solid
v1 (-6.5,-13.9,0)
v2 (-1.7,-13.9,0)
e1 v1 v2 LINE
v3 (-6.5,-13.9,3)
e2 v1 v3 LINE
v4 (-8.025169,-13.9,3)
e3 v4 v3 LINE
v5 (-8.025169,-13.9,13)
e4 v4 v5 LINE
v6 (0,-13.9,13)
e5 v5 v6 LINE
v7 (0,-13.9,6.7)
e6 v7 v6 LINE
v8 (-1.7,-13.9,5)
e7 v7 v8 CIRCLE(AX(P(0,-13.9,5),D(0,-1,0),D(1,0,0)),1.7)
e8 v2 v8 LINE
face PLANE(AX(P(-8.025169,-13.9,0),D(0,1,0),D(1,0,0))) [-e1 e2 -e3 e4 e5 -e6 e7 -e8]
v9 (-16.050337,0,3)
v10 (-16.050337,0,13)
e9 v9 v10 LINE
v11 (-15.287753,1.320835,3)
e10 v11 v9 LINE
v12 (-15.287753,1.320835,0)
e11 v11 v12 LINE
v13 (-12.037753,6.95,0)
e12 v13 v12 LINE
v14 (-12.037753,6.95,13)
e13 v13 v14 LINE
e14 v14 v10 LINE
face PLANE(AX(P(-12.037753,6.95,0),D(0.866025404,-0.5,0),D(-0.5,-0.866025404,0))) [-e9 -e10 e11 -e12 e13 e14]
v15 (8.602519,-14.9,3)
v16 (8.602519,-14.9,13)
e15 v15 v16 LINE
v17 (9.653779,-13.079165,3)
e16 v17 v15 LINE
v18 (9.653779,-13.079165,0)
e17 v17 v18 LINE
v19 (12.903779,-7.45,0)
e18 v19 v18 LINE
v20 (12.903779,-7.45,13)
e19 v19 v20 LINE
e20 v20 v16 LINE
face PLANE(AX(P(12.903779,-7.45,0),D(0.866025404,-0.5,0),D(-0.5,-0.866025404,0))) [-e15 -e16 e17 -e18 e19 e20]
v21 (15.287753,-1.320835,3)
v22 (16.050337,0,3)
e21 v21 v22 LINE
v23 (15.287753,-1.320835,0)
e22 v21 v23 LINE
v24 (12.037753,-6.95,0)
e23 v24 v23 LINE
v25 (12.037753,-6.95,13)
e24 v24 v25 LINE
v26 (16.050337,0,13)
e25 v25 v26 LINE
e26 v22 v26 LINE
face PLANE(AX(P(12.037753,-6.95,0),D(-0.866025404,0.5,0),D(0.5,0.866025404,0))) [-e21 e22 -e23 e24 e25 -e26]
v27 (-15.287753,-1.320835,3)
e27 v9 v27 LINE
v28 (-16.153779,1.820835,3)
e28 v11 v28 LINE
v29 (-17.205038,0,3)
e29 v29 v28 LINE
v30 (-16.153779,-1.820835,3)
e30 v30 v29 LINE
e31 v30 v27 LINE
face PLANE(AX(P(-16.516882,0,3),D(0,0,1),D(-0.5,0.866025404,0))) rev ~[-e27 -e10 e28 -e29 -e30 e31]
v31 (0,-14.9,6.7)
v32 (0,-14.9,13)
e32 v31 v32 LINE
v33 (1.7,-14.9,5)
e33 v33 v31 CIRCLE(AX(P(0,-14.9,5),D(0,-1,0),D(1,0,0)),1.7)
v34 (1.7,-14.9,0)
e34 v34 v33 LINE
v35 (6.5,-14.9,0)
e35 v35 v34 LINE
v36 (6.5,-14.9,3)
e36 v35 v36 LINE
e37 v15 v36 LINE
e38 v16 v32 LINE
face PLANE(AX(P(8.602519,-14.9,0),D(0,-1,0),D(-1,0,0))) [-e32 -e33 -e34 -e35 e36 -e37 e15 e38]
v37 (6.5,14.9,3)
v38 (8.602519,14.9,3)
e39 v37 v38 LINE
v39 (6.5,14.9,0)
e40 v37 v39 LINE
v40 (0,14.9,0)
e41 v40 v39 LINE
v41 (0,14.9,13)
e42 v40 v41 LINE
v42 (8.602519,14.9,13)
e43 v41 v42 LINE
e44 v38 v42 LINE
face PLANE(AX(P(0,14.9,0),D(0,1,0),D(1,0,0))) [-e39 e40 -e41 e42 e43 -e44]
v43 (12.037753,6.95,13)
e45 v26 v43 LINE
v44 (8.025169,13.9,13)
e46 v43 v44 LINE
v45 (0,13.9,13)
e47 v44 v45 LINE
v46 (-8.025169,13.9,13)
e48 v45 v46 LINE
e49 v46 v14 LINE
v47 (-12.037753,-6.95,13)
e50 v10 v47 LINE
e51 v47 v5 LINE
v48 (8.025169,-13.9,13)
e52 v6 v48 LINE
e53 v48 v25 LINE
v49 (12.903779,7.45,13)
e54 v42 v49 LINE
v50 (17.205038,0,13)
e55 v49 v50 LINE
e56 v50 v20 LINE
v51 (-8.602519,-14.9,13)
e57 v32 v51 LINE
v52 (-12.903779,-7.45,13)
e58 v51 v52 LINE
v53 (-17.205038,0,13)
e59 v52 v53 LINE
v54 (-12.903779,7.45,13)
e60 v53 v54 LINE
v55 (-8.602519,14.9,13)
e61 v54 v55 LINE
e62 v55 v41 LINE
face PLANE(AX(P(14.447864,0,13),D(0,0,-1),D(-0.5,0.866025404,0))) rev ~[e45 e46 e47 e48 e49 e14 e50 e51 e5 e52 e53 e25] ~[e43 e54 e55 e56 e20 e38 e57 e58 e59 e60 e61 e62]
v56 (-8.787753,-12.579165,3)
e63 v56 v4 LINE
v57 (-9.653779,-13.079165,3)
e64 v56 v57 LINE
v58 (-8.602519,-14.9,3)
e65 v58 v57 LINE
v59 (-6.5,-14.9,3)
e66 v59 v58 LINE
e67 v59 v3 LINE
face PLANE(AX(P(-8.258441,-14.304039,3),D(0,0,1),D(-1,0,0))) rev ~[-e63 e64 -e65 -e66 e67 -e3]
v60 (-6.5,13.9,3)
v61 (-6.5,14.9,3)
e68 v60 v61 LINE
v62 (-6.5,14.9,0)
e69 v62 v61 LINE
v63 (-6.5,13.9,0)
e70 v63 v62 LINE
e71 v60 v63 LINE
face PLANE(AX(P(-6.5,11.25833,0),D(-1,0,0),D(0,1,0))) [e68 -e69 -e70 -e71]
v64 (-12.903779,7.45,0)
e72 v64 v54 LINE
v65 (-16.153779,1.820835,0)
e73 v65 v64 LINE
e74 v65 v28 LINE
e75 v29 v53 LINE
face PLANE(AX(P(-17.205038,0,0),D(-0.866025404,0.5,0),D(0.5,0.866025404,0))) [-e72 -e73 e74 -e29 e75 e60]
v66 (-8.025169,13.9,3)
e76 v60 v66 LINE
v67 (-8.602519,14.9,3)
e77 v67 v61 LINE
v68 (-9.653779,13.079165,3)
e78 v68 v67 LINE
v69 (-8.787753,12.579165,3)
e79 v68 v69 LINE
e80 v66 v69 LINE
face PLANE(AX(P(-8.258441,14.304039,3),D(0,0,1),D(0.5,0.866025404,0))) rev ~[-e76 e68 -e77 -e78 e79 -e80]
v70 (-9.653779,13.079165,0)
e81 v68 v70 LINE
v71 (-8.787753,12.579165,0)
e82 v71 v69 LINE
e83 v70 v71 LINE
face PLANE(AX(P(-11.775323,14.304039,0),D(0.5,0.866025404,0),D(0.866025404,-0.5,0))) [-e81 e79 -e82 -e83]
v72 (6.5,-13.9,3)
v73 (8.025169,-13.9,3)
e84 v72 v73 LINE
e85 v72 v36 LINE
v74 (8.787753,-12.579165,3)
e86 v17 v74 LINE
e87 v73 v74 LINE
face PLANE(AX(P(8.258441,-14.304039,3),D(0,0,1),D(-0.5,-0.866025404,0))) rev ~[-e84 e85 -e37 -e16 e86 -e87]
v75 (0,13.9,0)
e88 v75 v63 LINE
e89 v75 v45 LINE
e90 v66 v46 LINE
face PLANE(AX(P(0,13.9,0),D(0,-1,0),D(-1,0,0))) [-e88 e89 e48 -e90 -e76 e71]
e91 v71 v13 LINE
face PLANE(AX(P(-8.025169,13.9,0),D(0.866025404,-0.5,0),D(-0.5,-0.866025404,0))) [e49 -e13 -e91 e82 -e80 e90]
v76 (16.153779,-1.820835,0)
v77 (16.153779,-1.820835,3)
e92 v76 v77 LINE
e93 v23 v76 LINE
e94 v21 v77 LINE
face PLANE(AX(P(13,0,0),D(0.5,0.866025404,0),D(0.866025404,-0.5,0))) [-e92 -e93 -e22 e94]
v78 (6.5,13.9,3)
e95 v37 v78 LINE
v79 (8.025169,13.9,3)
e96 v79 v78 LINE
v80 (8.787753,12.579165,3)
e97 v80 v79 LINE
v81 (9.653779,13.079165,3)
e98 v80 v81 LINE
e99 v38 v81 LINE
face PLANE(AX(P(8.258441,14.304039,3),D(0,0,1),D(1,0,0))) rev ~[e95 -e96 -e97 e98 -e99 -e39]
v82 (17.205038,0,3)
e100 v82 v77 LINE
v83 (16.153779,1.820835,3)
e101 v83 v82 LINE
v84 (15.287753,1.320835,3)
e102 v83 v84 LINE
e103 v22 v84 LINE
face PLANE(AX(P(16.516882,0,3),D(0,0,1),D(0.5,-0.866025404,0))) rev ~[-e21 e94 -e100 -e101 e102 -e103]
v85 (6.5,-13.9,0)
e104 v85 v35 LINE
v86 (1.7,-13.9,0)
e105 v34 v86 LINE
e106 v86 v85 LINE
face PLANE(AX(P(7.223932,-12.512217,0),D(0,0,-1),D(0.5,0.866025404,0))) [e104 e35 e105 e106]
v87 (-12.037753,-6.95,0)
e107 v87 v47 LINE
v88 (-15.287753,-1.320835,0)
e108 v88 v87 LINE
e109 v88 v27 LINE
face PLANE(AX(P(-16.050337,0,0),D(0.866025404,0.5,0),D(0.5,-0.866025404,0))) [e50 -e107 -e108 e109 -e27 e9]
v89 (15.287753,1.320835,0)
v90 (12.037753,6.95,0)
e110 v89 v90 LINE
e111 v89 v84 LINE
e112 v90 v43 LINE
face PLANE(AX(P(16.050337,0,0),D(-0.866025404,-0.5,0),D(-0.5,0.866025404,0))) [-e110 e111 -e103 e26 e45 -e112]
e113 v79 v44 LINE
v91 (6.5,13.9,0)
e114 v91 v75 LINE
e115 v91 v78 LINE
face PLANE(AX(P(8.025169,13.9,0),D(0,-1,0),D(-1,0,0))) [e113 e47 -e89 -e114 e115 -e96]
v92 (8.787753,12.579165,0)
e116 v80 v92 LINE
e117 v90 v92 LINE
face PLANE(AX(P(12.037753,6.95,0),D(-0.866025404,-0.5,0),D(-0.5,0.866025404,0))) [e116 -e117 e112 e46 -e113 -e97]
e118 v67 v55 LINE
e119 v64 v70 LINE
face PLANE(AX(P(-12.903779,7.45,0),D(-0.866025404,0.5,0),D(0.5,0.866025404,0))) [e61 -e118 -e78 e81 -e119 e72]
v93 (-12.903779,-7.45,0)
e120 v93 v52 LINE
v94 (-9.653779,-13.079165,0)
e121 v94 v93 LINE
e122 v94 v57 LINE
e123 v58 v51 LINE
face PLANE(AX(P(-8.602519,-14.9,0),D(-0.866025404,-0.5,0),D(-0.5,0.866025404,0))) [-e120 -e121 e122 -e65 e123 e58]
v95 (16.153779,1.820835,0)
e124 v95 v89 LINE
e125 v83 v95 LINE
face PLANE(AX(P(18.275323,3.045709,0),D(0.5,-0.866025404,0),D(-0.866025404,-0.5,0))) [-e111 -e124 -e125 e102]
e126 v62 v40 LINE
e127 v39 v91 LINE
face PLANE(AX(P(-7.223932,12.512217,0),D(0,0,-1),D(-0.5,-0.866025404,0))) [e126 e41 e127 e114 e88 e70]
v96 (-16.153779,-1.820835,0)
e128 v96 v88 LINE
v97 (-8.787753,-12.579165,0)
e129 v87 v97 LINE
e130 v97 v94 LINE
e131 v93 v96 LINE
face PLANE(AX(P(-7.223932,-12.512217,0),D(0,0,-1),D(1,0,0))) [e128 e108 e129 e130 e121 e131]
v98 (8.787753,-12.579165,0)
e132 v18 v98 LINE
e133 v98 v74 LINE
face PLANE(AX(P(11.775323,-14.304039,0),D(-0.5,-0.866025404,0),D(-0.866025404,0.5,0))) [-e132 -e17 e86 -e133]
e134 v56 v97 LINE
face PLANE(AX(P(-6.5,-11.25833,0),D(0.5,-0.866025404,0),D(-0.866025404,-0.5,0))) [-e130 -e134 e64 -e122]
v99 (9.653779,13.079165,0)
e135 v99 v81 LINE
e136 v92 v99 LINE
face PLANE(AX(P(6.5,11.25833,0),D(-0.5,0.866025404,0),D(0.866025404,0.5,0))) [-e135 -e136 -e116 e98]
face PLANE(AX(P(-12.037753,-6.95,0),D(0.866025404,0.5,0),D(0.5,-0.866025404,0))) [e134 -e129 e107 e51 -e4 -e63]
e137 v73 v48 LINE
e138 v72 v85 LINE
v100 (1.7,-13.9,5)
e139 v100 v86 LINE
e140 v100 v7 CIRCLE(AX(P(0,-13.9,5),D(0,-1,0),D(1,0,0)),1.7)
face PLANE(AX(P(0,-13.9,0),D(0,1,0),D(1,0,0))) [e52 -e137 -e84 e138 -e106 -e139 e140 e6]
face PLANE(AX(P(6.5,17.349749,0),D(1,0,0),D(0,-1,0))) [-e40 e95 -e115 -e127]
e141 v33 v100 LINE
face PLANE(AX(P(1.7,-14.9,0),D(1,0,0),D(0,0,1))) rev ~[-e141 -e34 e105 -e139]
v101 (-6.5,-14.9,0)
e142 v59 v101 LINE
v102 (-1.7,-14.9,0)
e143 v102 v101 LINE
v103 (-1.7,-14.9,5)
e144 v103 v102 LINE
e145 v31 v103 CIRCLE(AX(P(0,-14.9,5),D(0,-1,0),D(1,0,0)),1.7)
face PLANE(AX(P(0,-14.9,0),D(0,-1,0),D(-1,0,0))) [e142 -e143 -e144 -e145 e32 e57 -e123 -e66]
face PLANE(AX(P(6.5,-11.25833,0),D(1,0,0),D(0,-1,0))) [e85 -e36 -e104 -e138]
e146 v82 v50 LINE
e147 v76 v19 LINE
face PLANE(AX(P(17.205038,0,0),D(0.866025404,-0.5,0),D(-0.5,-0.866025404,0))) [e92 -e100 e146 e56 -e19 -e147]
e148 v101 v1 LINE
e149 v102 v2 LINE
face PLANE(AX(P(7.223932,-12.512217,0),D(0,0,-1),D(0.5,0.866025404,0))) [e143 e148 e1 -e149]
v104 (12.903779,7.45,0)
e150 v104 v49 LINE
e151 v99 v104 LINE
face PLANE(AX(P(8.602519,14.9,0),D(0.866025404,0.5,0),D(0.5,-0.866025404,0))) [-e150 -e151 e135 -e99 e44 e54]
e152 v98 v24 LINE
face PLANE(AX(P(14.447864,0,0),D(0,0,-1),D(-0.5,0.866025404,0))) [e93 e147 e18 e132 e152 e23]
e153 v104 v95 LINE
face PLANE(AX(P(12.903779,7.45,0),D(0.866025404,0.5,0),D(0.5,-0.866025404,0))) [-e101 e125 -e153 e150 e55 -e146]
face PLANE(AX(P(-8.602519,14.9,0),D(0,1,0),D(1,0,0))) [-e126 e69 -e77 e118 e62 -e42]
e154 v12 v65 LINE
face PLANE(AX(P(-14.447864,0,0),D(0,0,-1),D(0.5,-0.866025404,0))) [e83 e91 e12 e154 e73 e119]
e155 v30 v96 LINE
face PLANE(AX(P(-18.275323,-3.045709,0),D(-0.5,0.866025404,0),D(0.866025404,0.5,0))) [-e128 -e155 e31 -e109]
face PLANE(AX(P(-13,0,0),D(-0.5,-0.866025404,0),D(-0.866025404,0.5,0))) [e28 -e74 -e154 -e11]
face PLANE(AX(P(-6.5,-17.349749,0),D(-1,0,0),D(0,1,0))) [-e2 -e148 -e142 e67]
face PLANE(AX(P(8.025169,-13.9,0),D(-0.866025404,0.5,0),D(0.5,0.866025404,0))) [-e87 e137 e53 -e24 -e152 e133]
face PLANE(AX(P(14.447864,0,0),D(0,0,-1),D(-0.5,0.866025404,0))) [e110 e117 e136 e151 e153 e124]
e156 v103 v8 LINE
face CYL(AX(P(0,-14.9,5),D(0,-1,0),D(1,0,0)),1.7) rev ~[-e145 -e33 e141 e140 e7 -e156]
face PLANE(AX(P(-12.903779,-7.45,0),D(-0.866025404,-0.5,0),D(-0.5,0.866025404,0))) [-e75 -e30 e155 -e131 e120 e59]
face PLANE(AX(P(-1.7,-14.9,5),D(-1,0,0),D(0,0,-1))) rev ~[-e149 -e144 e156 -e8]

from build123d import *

# Parameters (mm, degrees)
PAD_DEPTH          = 13
POCKET_DEPTH       = 3
POLARPATTERN_COUNT = 6
POCKET001_DEPTH    = 2


with BuildPart() as part:
    # Sketch → Pad (new body)
    with BuildSketch(Plane.XY):
        Polygon((0, 14.9), (8.6025190109, 14.9), (12.9037785164, 7.45), (12.0377531126, 6.95), (8.0251687417, 13.9), (0, 13.9), align=None)
    pad = extrude(amount=PAD_DEPTH)

    # Sketch001 → Pocket (cut)
    with BuildSketch(Plane.XY):
        Polygon((6.5, 11.2583302492), (11.7753229775, 14.3040393903), (6.5, 17.3497485314), align=None)
    pocket = extrude(amount=POCKET_DEPTH, mode=Mode.SUBTRACT)

    # PolarPattern: Pad, Pocket ×6 about axis
    polarpattern_axis = Axis((0, 0, 0), (0, 0, 1))
    for i in range(1, POLARPATTERN_COUNT):
        add(pad.rotate(polarpattern_axis, i * 360 / POLARPATTERN_COUNT))
        add(pocket.rotate(polarpattern_axis, i * 360 / POLARPATTERN_COUNT), mode=Mode.SUBTRACT)

    # Sketch002 (on Face50 of PolarPattern) → Pocket001 (cut)
    with BuildSketch(Plane.XZ.offset(14.9)):
        with BuildLine():
            ThreePointArc((1.7, 5), (0, 6.7), (-1.7, 5))
            Line((-1.7, 5), (-1.7, 0))
            Line((-1.7, 0), (1.7, 0))
            Line((1.7, 0), (1.7, 5))
        make_face()
    extrude(amount=-POCKET001_DEPTH, mode=Mode.SUBTRACT)


solid = part.part
